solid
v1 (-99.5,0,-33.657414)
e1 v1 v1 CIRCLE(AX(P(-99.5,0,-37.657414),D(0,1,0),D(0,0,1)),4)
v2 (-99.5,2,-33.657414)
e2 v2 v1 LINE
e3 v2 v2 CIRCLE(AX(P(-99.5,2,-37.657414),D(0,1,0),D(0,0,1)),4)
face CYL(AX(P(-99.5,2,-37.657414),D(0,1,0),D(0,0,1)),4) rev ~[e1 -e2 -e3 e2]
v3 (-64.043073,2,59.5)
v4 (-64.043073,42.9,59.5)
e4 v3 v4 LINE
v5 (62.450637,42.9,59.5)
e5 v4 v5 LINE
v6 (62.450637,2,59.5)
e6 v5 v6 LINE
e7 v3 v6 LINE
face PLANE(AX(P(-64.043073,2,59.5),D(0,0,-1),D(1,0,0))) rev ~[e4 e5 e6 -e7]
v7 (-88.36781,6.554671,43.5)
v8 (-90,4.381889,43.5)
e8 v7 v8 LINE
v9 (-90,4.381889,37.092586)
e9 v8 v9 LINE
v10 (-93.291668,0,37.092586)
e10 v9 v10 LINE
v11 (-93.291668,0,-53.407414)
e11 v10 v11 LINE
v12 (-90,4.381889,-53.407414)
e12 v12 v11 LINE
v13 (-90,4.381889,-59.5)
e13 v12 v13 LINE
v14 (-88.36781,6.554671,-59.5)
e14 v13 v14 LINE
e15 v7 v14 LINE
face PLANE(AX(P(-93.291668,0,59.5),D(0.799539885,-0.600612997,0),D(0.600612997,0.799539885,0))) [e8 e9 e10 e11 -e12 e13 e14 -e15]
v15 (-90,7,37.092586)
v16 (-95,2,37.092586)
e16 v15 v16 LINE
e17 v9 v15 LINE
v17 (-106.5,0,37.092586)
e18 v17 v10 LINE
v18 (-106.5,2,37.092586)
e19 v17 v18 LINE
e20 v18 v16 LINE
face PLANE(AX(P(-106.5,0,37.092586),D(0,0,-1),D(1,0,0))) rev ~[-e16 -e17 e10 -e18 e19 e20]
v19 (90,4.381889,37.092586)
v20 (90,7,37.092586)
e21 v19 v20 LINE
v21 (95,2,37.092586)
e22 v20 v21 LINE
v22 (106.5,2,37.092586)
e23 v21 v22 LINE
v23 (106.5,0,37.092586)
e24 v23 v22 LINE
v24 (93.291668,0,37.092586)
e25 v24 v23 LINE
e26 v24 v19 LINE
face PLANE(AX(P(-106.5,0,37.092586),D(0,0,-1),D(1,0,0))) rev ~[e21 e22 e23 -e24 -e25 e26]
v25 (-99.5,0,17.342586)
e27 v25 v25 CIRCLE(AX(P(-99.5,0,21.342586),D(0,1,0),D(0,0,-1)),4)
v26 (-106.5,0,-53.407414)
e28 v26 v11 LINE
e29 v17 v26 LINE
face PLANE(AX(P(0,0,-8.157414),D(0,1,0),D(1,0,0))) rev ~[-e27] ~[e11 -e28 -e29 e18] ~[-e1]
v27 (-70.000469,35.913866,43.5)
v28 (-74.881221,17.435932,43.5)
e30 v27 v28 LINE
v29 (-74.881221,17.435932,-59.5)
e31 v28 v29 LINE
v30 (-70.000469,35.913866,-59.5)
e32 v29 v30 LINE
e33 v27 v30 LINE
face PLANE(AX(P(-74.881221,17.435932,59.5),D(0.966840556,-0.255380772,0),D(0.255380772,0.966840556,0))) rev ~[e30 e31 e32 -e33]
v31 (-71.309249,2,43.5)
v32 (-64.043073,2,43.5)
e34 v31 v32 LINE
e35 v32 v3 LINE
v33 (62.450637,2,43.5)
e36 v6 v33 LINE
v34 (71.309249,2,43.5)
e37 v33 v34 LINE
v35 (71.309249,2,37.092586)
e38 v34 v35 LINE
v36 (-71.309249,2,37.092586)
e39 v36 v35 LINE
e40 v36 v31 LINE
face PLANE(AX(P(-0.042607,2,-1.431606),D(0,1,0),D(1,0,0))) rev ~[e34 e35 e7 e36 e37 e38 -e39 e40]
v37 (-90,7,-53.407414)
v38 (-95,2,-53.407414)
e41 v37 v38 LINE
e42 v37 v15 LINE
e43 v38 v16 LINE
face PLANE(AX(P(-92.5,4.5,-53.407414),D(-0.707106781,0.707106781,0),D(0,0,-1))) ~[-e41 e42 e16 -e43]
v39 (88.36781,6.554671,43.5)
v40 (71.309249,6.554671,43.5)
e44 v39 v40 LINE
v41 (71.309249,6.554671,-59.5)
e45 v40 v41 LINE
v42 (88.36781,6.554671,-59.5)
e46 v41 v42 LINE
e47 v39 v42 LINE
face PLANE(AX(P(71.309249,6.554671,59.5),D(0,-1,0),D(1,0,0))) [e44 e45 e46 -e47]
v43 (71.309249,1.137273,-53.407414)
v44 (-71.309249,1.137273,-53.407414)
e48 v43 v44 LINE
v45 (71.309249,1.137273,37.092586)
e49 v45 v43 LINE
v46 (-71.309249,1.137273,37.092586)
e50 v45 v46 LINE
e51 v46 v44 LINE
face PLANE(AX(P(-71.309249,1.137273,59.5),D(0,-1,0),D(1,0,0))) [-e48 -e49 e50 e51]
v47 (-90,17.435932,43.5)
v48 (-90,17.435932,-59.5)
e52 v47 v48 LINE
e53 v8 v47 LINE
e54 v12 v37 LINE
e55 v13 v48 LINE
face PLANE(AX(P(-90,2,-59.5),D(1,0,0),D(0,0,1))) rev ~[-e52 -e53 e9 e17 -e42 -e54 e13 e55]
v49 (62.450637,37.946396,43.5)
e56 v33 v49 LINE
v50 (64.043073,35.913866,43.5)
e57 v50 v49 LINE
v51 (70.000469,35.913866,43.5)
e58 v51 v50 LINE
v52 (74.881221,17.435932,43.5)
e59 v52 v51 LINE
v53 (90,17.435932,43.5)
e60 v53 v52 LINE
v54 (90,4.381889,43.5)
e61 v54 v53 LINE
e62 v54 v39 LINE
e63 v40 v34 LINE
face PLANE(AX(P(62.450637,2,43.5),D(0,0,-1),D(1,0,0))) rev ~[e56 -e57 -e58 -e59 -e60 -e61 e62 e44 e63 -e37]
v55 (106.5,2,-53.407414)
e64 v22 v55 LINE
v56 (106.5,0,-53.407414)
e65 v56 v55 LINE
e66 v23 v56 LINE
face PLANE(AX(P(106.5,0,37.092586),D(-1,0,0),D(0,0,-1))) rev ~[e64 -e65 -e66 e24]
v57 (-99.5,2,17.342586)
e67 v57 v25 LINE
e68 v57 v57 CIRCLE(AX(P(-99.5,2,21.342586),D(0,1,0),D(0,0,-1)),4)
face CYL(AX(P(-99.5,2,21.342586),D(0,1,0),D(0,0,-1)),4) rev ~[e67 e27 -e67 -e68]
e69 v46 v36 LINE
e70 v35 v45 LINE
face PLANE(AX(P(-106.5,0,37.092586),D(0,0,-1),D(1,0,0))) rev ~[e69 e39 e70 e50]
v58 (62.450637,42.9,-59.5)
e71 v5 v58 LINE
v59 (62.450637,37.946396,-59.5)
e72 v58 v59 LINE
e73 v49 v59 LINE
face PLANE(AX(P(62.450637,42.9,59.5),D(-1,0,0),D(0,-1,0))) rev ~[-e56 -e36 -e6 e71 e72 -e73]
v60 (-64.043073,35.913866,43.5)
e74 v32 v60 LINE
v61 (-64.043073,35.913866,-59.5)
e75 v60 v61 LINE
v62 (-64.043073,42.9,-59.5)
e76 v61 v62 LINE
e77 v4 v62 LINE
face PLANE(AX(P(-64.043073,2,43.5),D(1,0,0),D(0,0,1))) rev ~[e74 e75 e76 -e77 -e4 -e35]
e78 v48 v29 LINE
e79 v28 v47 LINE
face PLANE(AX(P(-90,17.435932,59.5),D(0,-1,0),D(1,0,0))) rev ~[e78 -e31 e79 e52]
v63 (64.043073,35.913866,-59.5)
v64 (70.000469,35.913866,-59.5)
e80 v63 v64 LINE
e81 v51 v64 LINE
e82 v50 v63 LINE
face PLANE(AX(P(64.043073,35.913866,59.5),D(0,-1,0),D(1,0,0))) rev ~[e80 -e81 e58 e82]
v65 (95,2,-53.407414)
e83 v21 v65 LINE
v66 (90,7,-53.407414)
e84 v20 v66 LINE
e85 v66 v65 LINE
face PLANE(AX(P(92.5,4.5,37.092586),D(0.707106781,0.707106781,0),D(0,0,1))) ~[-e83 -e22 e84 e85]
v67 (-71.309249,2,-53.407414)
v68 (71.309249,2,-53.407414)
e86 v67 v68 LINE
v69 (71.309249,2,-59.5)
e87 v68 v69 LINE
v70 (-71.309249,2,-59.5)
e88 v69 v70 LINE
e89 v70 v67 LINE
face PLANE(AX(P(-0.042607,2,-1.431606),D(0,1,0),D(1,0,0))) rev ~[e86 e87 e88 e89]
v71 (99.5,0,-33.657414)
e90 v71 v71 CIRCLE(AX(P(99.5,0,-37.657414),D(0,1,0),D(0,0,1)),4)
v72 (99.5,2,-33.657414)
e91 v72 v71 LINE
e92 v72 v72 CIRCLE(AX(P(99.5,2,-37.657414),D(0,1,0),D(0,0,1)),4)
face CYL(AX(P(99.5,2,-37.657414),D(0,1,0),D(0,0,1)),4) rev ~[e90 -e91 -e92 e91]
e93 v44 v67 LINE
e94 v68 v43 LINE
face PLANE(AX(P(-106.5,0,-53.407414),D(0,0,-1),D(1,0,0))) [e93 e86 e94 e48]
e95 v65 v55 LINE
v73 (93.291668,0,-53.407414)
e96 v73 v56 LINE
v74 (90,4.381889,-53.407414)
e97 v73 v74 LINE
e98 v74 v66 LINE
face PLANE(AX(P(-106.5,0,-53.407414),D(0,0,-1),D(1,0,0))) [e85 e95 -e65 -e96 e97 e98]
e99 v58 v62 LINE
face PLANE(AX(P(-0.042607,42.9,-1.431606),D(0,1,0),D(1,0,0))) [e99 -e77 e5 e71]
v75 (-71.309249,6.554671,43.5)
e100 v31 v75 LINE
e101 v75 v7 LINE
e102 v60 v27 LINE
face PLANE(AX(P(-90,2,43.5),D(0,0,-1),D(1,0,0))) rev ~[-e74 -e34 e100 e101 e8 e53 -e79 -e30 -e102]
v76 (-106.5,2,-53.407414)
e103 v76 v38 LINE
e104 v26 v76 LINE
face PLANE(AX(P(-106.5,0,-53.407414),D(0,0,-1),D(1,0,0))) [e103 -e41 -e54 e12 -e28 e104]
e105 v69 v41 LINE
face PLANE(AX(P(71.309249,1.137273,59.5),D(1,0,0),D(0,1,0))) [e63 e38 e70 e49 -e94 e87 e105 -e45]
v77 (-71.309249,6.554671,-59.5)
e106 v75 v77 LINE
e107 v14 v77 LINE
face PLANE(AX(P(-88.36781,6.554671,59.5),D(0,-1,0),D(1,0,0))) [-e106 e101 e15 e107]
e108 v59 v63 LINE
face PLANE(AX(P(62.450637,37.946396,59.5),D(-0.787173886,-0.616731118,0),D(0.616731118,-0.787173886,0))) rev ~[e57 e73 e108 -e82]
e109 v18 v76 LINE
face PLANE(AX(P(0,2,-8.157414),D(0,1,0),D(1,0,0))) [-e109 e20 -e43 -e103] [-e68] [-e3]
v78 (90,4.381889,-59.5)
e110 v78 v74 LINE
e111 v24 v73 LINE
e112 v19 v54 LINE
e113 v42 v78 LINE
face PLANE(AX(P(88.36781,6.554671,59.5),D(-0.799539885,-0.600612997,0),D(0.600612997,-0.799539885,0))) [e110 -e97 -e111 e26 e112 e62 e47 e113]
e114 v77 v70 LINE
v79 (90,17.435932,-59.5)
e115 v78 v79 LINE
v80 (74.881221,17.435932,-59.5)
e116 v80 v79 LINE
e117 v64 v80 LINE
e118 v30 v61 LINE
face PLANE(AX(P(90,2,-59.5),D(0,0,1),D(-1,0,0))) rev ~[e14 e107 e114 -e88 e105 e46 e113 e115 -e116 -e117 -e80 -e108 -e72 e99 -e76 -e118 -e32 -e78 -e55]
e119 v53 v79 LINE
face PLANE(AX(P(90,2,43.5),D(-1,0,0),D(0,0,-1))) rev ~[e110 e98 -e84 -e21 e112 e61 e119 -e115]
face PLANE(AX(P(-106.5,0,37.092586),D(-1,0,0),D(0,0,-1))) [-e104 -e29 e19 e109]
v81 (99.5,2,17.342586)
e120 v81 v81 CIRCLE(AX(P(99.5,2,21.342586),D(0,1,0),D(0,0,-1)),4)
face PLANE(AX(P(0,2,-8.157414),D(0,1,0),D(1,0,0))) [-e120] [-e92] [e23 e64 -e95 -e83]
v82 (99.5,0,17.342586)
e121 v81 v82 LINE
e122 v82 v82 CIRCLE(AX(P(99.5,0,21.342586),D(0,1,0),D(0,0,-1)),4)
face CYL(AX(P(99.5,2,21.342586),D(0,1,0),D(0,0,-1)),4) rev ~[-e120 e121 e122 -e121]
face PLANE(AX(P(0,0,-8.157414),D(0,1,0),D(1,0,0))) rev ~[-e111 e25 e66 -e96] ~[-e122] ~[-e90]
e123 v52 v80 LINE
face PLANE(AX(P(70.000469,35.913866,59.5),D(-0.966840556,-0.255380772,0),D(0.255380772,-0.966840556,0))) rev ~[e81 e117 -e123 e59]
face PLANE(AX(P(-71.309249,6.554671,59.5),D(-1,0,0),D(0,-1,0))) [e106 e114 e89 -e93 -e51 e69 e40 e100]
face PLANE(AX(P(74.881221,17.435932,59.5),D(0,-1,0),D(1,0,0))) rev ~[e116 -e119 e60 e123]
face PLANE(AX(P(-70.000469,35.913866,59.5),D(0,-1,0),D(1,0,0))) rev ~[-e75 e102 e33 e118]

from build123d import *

# Parameters (mm, degrees)
SKETCH7_W           = 213
SKETCH7_H           = 90.5
BOSS_EXTRUDE1_DEPTH = 2
BOSS_EXTRUDE2_DEPTH = 40.9
CHAMFER1_SIZE       = 5
CUT_EXTRUDE1_DEPTH  = 166.359184807
CUT_EXTRUDE2_DEPTH  = 166.359184807
SKETCH11_R          = 4
CUT_EXTRUDE3_DEPTH  = 40.9


with BuildPart() as part:
    # Sketch7 → Boss-Extrude1 (new body)
    with BuildSketch(Plane(origin=(0, 0, 0), x_dir=(1, 0, 0), z_dir=(0, 1, 0))):
        with Locations((0, 8.157414363)):
            Rectangle(SKETCH7_W, SKETCH7_H)
    extrude(amount=BOSS_EXTRUDE1_DEPTH)

    # Sketch8 → Boss-Extrude2 (add)
    with BuildSketch(Plane(origin=(0, 2, 0), x_dir=(1, 0, 0), z_dir=(0, 1, 0))):
        Polygon((-90, 59.5), (-90, -43.5), (-64.043073189, -43.5), (-64.043073189, -59.5), (62.450636704, -59.5), (62.450636704, -43.5), (90, -43.5), (90, 59.5), align=None)
    extrude(amount=BOSS_EXTRUDE2_DEPTH)

    # Chamfer1
    chamfer1_edges = [part.edges().sort_by_distance(p)[0] for p in [
        (90, 2, -8.157414363),
        (-90, 2, -8.157414363),
    ]]
    chamfer(chamfer1_edges, length=CHAMFER1_SIZE)

    # Sketch9 → Cut-Extrude1 (cut, through all)
    with BuildSketch(Plane.XY.offset(59.5)):
        Polygon((-93.291667838, 0), (-88.36780993, 6.554671328), (-71.309248996, 6.554671328), (-71.309248996, 1.137273466), (71.309248996, 1.137273466), (71.309248996, 6.554671328), (88.36780993, 6.554671328), (93.291667838, 0), (93.291667838, -4.012269233), (-93.291667838, -4.012269233), align=None)
    extrude(amount=-CUT_EXTRUDE1_DEPTH, mode=Mode.SUBTRACT)

    # Sketch10 → Cut-Extrude2 (cut, through all)
    with BuildSketch(Plane.XY.offset(59.5)):
        Polygon((-90, 53.559109073), (-90, 17.435932261), (-74.881220668, 17.435932261), (-70.000468563, 35.913866357), (-64.043073189, 35.913866357), (-64.043073189, 42.9), (-58.569611619, 42.9), (58.569611619, 42.9), (62.450636704, 42.9), (62.450636704, 37.946396222), (64.043073189, 35.913866357), (70.000468563, 35.913866357), (74.881220668, 17.435932261), (90, 17.435932261), (90, 53.559109073), align=None)
    extrude(amount=-CUT_EXTRUDE2_DEPTH, mode=Mode.SUBTRACT)

    # Sketch11 → Cut-Extrude3 (cut)
    with BuildSketch(Plane(origin=(0, 2, 0), x_dir=(1, 0, 0), z_dir=(0, 1, 0))):
        with Locations(Location((99.5, 37.657414363, 0), (0, 0, 270))):
            Circle(SKETCH11_R)
        with Locations(Location((-99.5, 37.657414363, 0), (0, 0, 270))):
            Circle(SKETCH11_R)
        with Locations(Location((-99.5, -21.342585637, 0), (0, 0, 90))):
            Circle(SKETCH11_R)
        with Locations(Location((99.5, -21.342585637, 0), (0, 0, 90))):
            Circle(SKETCH11_R)
    extrude(amount=-CUT_EXTRUDE3_DEPTH, mode=Mode.SUBTRACT)


solid = part.part
